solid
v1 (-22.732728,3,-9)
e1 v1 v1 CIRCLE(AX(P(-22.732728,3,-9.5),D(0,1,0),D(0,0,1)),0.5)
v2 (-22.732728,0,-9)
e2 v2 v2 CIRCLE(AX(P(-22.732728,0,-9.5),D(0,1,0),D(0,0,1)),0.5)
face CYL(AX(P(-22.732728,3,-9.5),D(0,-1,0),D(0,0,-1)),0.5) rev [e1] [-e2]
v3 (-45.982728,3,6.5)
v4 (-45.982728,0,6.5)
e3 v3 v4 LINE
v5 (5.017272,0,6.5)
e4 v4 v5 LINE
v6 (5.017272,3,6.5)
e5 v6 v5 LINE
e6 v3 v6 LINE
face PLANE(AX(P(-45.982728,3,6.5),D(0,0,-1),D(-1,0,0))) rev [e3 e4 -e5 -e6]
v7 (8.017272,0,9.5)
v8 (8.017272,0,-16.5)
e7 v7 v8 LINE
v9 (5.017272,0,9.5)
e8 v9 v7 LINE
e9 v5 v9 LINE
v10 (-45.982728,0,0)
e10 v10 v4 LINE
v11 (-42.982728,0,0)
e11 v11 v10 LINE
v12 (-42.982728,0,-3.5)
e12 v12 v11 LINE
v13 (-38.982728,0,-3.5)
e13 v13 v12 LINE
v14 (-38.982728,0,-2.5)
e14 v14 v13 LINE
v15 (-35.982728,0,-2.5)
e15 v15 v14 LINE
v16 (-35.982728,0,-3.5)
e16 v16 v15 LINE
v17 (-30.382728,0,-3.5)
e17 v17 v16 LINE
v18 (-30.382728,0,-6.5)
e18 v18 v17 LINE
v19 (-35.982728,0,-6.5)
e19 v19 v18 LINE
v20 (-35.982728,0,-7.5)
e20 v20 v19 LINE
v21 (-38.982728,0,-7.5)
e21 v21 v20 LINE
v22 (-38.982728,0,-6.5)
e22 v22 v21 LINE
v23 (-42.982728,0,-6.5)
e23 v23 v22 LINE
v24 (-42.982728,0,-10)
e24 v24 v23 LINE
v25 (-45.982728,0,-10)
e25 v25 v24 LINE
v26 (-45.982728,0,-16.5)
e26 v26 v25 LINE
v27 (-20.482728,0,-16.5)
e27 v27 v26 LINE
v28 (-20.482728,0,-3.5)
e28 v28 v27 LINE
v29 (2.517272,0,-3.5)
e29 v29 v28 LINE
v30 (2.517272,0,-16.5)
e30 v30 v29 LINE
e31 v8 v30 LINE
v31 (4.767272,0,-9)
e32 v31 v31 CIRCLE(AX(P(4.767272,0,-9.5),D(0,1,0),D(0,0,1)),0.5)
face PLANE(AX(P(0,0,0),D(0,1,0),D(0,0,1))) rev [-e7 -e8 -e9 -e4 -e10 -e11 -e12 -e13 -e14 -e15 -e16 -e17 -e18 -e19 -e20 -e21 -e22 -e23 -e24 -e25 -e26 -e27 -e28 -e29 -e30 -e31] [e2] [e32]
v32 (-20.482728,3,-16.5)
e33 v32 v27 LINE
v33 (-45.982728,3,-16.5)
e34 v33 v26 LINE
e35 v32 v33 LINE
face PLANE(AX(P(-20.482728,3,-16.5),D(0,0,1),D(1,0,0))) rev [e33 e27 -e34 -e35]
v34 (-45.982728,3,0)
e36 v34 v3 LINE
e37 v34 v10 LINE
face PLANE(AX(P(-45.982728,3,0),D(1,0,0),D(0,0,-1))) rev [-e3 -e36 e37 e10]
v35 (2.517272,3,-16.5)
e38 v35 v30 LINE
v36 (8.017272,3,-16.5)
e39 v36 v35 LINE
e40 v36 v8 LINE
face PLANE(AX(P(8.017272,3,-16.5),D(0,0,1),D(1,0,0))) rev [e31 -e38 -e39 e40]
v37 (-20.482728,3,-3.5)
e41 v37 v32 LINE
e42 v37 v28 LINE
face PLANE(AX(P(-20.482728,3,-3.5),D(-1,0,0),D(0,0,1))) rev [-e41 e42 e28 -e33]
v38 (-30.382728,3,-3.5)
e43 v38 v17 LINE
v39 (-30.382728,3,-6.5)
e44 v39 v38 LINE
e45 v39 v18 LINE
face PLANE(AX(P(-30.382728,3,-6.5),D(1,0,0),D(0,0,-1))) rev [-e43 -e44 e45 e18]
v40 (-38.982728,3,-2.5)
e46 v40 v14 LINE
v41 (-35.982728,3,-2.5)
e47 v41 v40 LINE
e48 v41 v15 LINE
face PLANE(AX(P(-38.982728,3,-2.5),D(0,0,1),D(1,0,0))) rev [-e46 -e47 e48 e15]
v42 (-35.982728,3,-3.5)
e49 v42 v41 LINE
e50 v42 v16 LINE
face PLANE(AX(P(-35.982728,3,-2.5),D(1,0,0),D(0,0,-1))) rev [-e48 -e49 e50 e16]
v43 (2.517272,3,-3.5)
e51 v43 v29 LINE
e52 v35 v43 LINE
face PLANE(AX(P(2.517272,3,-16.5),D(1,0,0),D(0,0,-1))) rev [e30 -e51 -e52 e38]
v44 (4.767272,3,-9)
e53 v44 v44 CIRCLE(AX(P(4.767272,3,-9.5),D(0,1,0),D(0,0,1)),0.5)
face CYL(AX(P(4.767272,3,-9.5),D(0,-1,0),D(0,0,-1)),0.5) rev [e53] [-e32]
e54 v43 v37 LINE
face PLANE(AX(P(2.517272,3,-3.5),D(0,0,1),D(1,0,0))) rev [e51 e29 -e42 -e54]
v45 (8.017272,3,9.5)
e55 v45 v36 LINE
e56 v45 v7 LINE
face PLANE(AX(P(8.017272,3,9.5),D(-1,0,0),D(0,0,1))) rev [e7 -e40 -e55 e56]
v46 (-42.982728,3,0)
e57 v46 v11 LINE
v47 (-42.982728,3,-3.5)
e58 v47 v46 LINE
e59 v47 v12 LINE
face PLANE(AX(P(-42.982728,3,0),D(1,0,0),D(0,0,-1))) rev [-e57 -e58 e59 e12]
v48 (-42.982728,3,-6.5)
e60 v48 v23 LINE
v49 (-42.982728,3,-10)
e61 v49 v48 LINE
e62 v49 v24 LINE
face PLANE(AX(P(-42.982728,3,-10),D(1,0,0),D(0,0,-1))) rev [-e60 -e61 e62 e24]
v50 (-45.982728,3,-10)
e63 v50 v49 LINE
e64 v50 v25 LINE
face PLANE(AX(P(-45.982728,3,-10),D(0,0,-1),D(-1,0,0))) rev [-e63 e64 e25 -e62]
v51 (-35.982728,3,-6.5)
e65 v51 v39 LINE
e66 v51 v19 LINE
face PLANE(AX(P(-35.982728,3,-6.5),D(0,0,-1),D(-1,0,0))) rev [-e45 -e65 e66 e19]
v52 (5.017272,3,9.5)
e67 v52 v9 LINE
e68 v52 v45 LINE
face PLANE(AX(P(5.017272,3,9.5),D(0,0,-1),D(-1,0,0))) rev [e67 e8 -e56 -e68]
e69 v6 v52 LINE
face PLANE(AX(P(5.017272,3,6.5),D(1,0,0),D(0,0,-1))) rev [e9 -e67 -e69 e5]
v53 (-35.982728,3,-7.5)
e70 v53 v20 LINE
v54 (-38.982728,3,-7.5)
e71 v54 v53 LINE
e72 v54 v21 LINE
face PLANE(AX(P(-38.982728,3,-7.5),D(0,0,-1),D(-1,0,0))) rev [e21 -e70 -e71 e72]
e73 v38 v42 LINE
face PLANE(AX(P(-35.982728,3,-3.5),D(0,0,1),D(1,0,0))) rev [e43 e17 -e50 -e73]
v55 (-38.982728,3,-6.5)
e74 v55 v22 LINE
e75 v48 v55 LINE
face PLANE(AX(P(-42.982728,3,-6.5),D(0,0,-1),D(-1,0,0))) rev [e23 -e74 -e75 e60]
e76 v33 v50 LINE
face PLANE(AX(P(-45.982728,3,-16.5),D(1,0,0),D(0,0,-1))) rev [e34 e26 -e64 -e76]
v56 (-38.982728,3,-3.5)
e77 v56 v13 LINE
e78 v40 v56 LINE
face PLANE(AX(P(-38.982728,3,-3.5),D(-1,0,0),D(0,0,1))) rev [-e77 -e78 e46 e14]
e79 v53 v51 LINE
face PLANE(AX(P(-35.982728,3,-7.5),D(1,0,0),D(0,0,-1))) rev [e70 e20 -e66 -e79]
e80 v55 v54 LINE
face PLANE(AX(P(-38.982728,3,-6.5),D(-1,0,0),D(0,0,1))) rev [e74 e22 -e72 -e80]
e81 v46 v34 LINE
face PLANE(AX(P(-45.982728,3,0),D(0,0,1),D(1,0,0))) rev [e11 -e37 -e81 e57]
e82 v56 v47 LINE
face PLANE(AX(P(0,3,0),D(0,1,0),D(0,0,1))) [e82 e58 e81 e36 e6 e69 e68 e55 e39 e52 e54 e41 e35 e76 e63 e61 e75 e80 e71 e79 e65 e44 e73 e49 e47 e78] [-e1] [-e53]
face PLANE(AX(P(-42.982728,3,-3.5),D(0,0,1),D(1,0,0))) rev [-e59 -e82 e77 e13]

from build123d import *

# Parameters (mm, degrees)
SKETCH_1_R      = 0.5
EXTRUDE_1_DEPTH = 3


with BuildPart() as part:
    # 草图1 → 凸台-拉伸1 (new body)
    with BuildSketch(Plane(origin=(0, 0, 0), x_dir=(1, 0, 0), z_dir=(0, 1, 0))):
        Polygon((-45.982728377, 0), (-45.982728377, -6.5), (5.017271623, -6.5), (5.017271623, -9.5), (8.017271623, -9.5), (8.017271623, 16.5), (2.517271623, 16.5), (2.517271623, 3.5), (-20.482728377, 3.5), (-20.482728377, 16.5), (-45.982728377, 16.5), (-45.982728377, 10), (-42.982728377, 10), (-42.982728377, 6.5), (-38.982728377, 6.5), (-38.982728377, 7.5), (-35.982728377, 7.5), (-35.982728377, 6.5), (-30.382728377, 6.5), (-30.382728377, 3.5), (-35.982728377, 3.5), (-35.982728377, 2.5), (-38.982728377, 2.5), (-38.982728377, 3.5), (-42.982728377, 3.5), (-42.982728377, 0), align=None)
        with Locations(Location((-22.732728377, 9.5, 0), (0, 0, 270))):
            Circle(SKETCH_1_R, mode=Mode.SUBTRACT)
        with Locations(Location((4.767271623, 9.5, 0), (0, 0, 270))):
            Circle(SKETCH_1_R, mode=Mode.SUBTRACT)
    extrude(amount=EXTRUDE_1_DEPTH)


solid = part.part
